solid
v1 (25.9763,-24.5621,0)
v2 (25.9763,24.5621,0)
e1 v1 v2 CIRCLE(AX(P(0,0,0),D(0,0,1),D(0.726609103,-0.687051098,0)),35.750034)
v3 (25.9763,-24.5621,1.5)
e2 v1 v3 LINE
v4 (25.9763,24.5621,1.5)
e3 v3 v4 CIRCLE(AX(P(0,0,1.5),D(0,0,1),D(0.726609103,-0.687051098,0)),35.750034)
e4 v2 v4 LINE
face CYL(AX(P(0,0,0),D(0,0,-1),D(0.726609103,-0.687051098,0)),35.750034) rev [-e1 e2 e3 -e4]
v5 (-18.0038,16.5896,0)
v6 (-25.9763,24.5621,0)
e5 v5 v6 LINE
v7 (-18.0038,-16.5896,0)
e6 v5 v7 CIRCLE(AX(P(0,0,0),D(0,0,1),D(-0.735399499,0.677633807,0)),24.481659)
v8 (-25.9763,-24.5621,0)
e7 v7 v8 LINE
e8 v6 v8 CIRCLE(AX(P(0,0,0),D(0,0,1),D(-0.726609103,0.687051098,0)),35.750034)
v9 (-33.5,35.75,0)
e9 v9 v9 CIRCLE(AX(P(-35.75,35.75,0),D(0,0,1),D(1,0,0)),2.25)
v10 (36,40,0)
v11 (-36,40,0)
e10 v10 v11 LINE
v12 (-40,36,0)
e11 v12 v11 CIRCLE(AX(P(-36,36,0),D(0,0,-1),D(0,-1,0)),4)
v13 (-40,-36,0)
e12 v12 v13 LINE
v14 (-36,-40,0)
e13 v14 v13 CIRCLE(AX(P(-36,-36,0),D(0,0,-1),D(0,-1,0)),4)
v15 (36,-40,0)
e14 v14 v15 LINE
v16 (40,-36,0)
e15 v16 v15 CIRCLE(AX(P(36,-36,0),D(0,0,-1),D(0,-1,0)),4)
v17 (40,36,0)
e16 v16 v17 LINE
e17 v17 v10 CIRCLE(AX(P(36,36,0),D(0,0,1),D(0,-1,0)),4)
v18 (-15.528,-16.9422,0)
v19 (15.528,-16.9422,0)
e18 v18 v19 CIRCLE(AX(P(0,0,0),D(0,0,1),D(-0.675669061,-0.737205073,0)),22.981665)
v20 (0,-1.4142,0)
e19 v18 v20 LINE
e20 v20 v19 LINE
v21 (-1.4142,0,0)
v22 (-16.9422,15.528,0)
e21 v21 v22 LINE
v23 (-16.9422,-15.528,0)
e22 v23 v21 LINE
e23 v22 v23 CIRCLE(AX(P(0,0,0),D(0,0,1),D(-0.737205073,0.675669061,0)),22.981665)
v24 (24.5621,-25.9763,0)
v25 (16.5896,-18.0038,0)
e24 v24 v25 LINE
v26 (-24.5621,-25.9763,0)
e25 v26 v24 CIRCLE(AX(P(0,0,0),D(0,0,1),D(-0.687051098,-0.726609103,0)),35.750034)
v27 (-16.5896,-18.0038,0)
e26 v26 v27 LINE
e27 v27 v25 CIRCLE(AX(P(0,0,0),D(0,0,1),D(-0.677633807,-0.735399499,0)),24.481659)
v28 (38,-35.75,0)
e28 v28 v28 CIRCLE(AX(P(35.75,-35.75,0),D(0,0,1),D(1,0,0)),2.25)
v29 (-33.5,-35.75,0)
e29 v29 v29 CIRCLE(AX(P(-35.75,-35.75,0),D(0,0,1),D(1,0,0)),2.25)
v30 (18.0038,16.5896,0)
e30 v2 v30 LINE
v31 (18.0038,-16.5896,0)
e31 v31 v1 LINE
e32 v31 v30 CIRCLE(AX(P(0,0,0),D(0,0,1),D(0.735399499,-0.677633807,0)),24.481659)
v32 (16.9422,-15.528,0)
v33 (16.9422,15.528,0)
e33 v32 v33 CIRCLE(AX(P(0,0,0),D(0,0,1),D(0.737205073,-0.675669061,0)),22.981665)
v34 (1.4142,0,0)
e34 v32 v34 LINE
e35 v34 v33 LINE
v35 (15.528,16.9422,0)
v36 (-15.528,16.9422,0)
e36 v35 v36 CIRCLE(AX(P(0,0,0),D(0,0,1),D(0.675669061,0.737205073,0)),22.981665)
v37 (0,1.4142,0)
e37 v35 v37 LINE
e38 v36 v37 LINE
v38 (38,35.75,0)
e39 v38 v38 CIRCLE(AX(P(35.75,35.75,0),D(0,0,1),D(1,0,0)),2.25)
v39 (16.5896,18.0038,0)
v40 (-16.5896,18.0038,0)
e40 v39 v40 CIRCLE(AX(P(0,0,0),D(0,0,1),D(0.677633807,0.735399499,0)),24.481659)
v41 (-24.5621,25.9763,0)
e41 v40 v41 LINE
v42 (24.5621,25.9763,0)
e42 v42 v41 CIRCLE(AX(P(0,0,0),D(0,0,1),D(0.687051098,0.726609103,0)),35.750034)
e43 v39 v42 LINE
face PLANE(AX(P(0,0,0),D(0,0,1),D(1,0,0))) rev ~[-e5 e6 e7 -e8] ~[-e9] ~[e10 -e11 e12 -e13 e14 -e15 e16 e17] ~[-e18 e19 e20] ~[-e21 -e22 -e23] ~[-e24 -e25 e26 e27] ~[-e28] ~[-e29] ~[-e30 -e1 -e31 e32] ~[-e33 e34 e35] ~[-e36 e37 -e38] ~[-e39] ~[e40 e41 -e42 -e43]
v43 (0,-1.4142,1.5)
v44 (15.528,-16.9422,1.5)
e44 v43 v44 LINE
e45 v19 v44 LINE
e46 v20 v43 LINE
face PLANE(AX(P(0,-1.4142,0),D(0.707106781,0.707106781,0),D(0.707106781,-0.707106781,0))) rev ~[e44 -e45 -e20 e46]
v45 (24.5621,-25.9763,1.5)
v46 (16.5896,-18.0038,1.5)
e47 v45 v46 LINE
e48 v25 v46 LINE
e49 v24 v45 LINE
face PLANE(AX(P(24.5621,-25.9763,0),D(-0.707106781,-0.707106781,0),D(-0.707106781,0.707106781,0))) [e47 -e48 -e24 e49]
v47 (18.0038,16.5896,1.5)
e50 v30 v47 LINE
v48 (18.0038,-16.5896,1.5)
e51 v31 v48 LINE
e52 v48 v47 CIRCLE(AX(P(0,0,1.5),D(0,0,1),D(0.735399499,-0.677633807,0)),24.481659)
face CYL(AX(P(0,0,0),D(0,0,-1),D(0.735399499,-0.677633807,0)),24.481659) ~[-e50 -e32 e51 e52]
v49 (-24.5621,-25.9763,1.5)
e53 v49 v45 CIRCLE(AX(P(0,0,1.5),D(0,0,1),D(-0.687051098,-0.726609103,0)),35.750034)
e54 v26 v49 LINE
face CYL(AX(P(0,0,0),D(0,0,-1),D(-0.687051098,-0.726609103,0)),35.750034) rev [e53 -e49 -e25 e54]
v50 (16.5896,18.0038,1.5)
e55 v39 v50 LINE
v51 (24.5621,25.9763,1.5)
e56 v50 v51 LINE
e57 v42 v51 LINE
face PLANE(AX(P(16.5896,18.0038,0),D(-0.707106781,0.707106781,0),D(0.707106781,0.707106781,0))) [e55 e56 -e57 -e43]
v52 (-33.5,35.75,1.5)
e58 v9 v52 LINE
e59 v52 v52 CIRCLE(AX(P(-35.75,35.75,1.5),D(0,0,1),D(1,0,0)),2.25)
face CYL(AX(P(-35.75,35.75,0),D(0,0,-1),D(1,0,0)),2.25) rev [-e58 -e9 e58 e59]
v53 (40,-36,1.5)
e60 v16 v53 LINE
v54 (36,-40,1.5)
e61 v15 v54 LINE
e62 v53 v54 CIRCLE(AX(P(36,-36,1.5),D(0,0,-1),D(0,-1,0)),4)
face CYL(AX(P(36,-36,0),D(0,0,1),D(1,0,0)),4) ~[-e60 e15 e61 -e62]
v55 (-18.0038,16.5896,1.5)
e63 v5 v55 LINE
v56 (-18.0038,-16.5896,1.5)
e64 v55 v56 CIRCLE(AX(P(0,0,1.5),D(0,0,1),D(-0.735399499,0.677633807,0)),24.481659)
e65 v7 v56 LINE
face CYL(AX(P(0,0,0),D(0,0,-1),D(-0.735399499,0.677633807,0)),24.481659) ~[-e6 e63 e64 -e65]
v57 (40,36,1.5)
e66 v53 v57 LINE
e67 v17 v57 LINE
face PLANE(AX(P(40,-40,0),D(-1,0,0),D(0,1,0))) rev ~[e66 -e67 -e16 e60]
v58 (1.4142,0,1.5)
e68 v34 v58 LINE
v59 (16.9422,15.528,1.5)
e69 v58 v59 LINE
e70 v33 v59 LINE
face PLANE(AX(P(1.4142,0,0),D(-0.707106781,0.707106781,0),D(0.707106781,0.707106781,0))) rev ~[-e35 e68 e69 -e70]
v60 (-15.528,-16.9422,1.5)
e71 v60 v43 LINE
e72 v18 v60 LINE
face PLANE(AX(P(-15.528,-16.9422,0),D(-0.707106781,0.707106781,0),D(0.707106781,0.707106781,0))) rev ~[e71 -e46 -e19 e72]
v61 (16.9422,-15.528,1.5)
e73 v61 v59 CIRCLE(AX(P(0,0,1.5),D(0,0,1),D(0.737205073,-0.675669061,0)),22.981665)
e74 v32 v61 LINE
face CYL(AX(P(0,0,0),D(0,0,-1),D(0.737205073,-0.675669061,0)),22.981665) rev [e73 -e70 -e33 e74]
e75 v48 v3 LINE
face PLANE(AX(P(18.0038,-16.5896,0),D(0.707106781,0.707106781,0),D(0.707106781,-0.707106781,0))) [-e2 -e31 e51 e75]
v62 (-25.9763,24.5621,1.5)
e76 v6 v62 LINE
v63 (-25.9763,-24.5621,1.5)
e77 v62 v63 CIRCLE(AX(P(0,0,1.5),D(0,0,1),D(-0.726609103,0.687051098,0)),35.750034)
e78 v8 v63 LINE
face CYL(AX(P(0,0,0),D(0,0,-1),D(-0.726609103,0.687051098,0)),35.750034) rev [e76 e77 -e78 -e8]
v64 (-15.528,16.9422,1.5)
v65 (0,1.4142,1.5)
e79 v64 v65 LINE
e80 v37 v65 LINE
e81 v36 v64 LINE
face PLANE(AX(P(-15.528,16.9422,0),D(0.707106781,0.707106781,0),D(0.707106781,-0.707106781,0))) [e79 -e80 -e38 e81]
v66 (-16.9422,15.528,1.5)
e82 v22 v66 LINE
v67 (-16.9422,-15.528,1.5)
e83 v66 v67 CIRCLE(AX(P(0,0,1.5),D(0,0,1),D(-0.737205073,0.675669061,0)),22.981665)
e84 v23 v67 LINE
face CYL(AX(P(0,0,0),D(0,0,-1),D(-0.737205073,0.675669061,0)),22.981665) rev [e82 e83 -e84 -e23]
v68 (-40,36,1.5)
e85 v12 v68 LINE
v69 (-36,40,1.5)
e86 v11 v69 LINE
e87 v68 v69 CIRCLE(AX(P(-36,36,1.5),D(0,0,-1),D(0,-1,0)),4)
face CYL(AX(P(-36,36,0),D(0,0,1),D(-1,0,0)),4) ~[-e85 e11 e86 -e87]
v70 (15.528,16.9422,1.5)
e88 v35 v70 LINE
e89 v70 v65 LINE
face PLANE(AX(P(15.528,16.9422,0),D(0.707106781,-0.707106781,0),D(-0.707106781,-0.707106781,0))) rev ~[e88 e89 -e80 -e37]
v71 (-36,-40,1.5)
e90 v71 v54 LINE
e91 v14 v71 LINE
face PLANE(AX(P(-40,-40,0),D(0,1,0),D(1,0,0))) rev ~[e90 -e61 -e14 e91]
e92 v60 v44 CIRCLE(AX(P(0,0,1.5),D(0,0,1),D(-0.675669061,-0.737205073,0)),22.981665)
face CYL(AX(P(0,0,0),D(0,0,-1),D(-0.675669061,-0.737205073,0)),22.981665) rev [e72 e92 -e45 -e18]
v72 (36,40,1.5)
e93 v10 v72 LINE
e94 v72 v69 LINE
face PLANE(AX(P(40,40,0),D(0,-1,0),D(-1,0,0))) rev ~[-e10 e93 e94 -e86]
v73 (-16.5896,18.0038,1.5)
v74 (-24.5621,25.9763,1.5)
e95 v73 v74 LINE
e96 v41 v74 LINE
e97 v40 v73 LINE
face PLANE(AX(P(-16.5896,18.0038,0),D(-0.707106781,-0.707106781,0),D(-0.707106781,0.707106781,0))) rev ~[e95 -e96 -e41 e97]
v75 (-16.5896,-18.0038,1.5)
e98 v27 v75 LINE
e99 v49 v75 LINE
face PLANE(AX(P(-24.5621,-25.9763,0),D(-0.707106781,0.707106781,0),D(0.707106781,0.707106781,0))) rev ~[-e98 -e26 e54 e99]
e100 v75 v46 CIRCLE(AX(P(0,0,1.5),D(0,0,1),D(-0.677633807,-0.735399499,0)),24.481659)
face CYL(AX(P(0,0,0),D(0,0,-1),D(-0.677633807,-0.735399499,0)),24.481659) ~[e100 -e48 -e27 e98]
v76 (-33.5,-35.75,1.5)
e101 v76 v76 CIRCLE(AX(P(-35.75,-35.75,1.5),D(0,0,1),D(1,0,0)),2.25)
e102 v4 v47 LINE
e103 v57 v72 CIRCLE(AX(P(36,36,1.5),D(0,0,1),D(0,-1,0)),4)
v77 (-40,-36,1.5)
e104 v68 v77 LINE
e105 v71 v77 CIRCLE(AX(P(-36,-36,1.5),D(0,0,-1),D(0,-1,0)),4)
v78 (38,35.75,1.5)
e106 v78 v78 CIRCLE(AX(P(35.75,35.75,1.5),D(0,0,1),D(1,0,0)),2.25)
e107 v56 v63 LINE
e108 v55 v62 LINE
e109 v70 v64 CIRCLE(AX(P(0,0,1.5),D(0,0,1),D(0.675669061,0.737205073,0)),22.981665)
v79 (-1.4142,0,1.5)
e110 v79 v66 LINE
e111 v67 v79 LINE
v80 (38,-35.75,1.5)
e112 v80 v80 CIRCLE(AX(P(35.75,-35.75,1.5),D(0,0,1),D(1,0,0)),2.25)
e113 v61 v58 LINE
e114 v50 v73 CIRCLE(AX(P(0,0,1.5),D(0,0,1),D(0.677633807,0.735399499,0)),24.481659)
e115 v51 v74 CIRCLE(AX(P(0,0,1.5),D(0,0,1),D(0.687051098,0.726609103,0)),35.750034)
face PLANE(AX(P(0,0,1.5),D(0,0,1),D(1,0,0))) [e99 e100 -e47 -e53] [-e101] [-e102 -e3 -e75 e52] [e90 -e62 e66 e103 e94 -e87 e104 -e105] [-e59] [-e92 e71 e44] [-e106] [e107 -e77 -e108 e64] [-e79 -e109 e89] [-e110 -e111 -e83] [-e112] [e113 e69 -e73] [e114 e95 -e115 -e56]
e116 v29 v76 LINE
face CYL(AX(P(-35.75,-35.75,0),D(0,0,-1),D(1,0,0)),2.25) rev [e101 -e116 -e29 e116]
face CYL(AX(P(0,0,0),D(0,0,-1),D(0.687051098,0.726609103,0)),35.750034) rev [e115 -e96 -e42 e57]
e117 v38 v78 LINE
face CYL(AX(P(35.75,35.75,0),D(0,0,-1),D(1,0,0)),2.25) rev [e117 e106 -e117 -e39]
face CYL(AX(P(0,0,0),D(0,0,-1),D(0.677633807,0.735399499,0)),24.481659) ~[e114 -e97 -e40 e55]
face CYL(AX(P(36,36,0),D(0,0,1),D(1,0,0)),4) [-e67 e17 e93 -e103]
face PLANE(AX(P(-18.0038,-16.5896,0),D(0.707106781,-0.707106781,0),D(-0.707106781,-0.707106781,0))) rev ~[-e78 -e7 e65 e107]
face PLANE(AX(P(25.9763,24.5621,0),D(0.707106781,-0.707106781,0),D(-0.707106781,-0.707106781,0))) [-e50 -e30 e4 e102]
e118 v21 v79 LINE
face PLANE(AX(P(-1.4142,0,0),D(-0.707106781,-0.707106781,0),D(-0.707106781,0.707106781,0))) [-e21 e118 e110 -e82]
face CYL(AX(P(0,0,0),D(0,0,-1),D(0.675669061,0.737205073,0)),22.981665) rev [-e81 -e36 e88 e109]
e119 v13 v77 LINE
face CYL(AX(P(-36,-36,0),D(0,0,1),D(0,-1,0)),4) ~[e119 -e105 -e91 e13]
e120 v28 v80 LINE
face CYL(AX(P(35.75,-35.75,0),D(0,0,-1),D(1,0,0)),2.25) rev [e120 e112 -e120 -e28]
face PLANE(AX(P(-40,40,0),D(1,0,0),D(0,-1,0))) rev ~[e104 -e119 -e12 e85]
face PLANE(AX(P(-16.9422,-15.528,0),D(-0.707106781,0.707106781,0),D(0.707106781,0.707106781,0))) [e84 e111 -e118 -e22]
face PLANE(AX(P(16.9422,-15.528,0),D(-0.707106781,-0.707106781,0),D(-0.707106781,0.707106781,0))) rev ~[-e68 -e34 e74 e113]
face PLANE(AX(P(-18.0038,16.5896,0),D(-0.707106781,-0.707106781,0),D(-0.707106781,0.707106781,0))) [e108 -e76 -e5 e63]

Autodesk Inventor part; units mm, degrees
ref_plane "YZ Plane" through (0, 0, 0) normal (1, 0, 0) x (0, 1, 0)
ref_plane "XZ Plane" through (0, 0, 0) normal (0, 1, 0) x (-1, 0, 0)
ref_plane "XY Plane" through (0, 0, 0) normal (0, 0, 1) x (1, 0, 0)
sketch "Sketch1" plane through (0, 0, 0) normal (0, 0, 1) x (1, 0, 0)
  circle A0 centre (-35.75, 35.75) radius 2.25 projected
  circle A1 centre (35.75, 35.75) radius 2.25 projected
  circle A2 centre (35.75, -35.75) radius 2.25 projected
  circle A3 centre (-35.75, -35.75) radius 2.25 projected
  line L0 (40, 40) -> (-40, 40) projected
  line L1 (-40, 40) -> (-40, -40) projected
  line L2 (-40, -40) -> (40, -40) projected
  line L3 (40, -40) -> (40, 40) projected
  circle A4 centre (0, 0) radius 35.75 construction
  line L4 (-35.75, 35.75) -> (35.75, -35.75) construction
  line L5 (-35.75, -35.75) -> (35.75, 35.75) construction
  line L6 (-24.5621, 25.9763) -> (-16.5896, 18.0038) construction
  line L7 (-25.9763, 24.5621) -> (16.5896, -18.0038) construction
  line L8 (24.5621, 25.9763) -> (18.5727, 19.987) construction
  line L9 (-24.5621, -25.9763) -> (16.9422, 15.528) construction
  line L10 (18.5727, 19.987) -> (17.1575, 18.5717) construction
  line L11 (17.1575, 18.5717) -> (16.5896, 18.0038) construction
  line L12 (0, 1.4142) -> (-18.0038, -16.5896) construction
  line L13 (0, 1.4142) -> (16.9422, -15.528) construction
  line L14 (16.5896, 18.0038) -> (15.528, 16.9422) construction
  line L15 (15.528, 16.9422) -> (0, 1.4142) construction
  arc A5 (16.9422, -15.528) -> (16.9422, 15.528) centre (0, 0) ccw
  line L16 (18.0038, 16.5896) -> (25.9763, 24.5621) construction
  line L17 (-16.5896, 18.0038) -> (0, 1.4142) construction
  arc A6 (-16.9422, 15.528) -> (-16.9422, -15.528) centre (0, 0) ccw
  arc A7 (-18.0038, 16.5896) -> (-18.0038, -16.5896) centre (0, 0) ccw
  line L18 (-18.0038, -16.5896) -> (-25.9763, -24.5621) construction
  arc A8 (-16.5896, -18.0038) -> (16.5896, -18.0038) centre (0, 0) ccw
  arc A9 (-15.528, -16.9422) -> (15.528, -16.9422) centre (0, 0) ccw
  line L19 (18.0038, -16.5896) -> (25.9763, -24.5621) construction
  line L20 (16.9422, -15.528) -> (18.0038, -16.5896) construction
  line L21 (16.9422, 15.528) -> (18.0038, 16.5896) construction
  arc A10 (15.528, 16.9422) -> (-15.528, 16.9422) centre (0, 0) ccw
  arc A11 (16.5896, 18.0038) -> (-16.5896, 18.0038) centre (0, 0) ccw
  line L22 (16.5896, -18.0038) -> (24.5621, -25.9763) construction
  arc A12 (18.0038, -16.5896) -> (18.0038, 16.5896) centre (0, 0) ccw
  arc A13 (24.5621, 25.9763) -> (-24.5621, 25.9763) centre (0, 0) ccw
  arc A14 (25.9763, -24.5621) -> (25.9763, 24.5621) centre (0, 0) ccw
  arc A15 (-24.5621, -25.9763) -> (24.5621, -25.9763) centre (0, 0) ccw
  arc A16 (-25.9763, 24.5621) -> (-25.9763, -24.5621) centre (0, 0) ccw
  line L23 (-16.5896, 18.0038) -> (-24.5621, 25.9763)
  line L24 (-18.0038, 16.5896) -> (-25.9763, 24.5621)
  line L25 (16.5896, 18.0038) -> (24.5621, 25.9763)
  line L26 (25.9763, 24.5621) -> (18.0038, 16.5896)
  line L27 (18.0038, -16.5896) -> (25.9763, -24.5621)
  line L28 (24.5621, -25.9763) -> (16.5896, -18.0038)
  line L29 (-24.5621, -25.9763) -> (-16.5896, -18.0038)
  line L30 (-18.0038, -16.5896) -> (-25.9763, -24.5621)
  line L31 (-16.9422, -15.528) -> (-1.4142, 0)
  line L32 (-15.528, -16.9422) -> (0, -1.4142)
  line L33 (-1.4142, 0) -> (-16.9422, 15.528)
  line L34 (-15.528, 16.9422) -> (0, 1.4142)
  line L35 (0, -1.4142) -> (15.528, -16.9422)
  line L36 (16.9422, -15.528) -> (1.4142, 0)
  line L37 (1.4142, 0) -> (16.9422, 15.528)
  line L38 (15.528, 16.9422) -> (0, 1.4142)
  dimension "d8" = 2
  dimension "d9" = 1
extrude "Extrusion3" add sketch "Sketch1" along normal blind 1.5
fillet "Fillet3" radius 4 4 edges at (-40, -40, 0.75) (40, -40, 0.75) (40, 40, 0.75) (-40, 40, 0.75)
properties part number "grid"
